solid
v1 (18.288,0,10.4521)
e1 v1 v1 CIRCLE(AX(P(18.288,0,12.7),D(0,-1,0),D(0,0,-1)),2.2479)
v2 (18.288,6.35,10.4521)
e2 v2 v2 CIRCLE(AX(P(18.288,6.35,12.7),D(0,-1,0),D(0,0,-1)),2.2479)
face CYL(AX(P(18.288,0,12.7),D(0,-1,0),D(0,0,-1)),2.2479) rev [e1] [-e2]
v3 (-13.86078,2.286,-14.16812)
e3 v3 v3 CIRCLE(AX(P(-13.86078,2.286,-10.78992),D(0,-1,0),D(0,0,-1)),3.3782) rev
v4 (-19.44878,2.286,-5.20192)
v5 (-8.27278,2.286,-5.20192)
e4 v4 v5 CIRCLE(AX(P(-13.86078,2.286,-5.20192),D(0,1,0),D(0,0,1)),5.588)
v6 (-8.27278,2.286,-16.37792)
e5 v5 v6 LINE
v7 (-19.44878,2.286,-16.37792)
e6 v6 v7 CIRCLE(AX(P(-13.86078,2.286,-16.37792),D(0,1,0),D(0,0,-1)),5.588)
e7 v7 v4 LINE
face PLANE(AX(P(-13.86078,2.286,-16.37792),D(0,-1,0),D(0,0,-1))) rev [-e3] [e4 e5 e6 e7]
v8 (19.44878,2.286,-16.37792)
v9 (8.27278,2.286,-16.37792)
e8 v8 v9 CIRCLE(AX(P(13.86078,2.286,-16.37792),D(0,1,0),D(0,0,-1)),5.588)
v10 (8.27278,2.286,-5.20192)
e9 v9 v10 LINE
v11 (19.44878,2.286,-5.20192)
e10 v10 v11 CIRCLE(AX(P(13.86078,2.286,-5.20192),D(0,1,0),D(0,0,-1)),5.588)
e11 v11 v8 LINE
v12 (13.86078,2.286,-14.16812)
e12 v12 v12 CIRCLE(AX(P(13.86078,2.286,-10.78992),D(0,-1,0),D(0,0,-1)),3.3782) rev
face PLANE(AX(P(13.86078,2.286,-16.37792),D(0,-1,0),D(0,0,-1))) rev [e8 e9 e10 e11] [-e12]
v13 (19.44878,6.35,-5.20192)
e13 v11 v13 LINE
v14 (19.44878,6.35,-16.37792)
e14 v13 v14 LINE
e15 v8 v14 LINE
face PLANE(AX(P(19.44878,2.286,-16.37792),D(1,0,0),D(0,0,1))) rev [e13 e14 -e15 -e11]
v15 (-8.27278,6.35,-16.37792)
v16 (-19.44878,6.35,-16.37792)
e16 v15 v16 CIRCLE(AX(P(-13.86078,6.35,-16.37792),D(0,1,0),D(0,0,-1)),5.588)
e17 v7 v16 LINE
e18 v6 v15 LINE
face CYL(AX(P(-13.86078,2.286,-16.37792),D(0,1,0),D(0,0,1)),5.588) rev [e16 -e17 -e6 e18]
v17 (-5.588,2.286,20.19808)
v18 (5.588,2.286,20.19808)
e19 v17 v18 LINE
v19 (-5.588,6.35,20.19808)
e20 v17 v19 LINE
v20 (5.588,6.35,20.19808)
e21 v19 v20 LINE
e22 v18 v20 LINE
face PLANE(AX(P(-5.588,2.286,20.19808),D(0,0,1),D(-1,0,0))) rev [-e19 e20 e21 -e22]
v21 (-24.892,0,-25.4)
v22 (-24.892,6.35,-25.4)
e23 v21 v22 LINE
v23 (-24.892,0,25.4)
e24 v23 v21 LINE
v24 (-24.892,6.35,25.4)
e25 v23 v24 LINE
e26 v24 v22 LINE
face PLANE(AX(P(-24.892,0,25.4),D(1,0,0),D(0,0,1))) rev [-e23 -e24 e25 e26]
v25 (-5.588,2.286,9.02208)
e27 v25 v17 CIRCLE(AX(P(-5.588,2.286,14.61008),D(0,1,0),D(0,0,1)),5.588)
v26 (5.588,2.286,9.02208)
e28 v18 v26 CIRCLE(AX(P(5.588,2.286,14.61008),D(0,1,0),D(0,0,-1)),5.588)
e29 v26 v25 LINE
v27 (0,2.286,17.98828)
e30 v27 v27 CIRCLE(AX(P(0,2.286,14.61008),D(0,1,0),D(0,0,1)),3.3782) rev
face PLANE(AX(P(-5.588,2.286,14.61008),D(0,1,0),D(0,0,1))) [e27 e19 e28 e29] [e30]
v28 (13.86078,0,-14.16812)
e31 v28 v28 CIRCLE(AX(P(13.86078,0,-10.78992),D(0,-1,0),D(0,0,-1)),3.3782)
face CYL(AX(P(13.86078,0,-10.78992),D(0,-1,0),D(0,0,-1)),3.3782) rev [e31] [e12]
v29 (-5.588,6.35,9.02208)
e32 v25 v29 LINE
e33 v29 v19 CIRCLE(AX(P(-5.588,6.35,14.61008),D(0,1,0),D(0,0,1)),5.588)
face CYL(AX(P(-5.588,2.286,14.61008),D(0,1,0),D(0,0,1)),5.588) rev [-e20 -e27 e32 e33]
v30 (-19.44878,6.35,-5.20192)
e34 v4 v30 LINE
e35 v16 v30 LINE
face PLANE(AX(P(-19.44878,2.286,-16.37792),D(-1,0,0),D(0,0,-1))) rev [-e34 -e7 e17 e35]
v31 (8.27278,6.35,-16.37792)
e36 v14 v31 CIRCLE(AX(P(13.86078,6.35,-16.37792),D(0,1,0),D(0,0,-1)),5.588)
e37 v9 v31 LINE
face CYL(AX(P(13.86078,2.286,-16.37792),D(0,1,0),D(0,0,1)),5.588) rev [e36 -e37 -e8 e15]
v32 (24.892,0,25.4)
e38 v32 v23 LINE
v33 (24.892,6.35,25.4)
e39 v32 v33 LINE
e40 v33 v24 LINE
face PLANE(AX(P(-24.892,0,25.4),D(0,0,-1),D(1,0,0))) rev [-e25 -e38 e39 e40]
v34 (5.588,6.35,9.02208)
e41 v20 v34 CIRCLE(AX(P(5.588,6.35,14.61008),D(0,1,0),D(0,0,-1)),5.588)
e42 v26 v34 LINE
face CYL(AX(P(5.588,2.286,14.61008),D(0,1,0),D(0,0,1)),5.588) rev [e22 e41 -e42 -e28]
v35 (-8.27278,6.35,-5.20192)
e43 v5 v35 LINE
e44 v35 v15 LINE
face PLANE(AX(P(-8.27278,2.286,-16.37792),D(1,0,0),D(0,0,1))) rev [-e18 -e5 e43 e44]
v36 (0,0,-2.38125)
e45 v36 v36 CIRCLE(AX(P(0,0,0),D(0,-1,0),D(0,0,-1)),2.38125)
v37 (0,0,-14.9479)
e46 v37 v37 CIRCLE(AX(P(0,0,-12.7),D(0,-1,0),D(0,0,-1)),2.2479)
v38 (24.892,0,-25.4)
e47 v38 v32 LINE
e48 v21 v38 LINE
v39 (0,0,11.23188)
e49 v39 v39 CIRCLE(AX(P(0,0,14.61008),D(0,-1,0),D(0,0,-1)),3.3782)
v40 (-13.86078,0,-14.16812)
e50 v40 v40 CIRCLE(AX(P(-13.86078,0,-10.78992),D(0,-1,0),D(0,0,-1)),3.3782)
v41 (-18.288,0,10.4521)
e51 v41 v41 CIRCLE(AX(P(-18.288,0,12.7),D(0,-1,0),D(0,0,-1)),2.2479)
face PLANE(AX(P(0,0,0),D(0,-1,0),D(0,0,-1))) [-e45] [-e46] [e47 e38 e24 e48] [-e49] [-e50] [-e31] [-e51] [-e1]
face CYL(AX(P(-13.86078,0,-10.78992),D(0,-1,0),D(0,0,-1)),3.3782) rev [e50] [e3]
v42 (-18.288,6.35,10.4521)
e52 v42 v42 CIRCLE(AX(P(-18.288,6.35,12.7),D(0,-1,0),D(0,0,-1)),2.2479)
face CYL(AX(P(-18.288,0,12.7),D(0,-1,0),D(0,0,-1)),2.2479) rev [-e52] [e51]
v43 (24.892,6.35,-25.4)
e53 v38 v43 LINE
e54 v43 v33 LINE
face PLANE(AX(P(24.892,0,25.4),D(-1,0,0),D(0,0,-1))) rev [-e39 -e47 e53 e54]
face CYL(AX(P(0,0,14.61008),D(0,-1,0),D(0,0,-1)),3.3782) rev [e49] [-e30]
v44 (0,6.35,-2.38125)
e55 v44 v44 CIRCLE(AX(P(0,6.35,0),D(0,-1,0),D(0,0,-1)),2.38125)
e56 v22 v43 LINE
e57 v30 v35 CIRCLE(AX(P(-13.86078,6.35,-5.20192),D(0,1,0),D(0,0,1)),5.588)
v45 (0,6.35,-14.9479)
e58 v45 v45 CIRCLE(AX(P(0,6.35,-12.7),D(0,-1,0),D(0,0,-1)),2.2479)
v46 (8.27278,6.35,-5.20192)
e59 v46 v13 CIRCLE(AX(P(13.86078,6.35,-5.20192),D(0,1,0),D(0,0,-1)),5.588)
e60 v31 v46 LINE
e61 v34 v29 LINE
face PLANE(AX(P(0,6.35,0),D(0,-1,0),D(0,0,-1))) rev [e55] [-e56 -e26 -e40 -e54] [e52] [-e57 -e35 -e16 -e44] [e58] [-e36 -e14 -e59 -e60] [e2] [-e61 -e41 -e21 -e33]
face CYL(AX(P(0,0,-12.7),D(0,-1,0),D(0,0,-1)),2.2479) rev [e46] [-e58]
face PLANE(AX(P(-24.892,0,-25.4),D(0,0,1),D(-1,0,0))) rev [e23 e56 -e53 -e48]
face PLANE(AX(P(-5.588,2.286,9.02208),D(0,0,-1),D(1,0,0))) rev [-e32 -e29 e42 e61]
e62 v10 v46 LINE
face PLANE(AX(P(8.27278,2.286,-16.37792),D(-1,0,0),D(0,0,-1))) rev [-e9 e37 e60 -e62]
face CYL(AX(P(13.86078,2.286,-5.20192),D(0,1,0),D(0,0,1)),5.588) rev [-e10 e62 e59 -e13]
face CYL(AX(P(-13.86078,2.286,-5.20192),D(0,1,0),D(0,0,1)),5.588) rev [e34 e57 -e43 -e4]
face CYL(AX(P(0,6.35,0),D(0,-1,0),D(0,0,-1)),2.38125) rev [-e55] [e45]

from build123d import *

# Parameters (mm, degrees)
SKETCH1_W               = 49.784
SKETCH1_H               = 50.8
BOSS_EXTRUDE1_DEPTH     = 6.35
F_8_CLEARANCE_HOLE1_D   = 4.4958
F_1_4_CLEARANCE_HOLE1_D = 6.7564
CUT_EXTRUDE1_DEPTH      = 4.064
SKETCH9_R               = 2.38125
CUT_EXTRUDE2_DEPTH      = 37.126087029
BODY_MOVE_COPY1_ANGLE   = 180


with BuildPart() as part:
    # Sketch1 → Boss-Extrude1 (new body)
    with BuildSketch(Plane(origin=(0, 0, 0), x_dir=(1, 0, 0), z_dir=(0, 1, 0))):
        Rectangle(SKETCH1_W, SKETCH1_H)
    extrude(amount=BOSS_EXTRUDE1_DEPTH)

    # #8 Clearance Hole1 (through all)
    with Locations(Plane(origin=(0, 6.35, 0), x_dir=(1, 0, 0), z_dir=(0, 1, 0))):
        with Locations((-18.288, 12.7), (18.288, 12.7), (0, -12.7)):
            Hole(F_8_CLEARANCE_HOLE1_D / 2)

    # 1/4 Clearance Hole1 (through all)
    with Locations(Plane(origin=(0, 6.35, 0), x_dir=(1, 0, 0), z_dir=(0, 1, 0))):
        with Locations((0, 14.61008), (-13.86078, -10.78992), (13.86078, -10.78992)):
            Hole(F_1_4_CLEARANCE_HOLE1_D / 2)

    # Sketch8 → Cut-Extrude1 (cut)
    with BuildSketch(Plane.XZ):
        with BuildLine():
            Line((-19.44878, 16.37792), (-19.44878, 5.20192))
            ThreePointArc((-19.44878, 5.20192), (-13.86078, -0.38608), (-8.27278, 5.20192))
            Line((-8.27278, 5.20192), (-8.27278, 16.37792))
            ThreePointArc((-8.27278, 16.37792), (-13.86078, 21.96592), (-19.44878, 16.37792))
        make_face()
        with BuildLine():
            Line((8.27278, 16.37792), (8.27278, 5.20192))
            ThreePointArc((8.27278, 5.20192), (13.86078, -0.38608), (19.44878, 5.20192))
            Line((19.44878, 5.20192), (19.44878, 16.37792))
            ThreePointArc((19.44878, 16.37792), (13.86078, 21.96592), (8.27278, 16.37792))
        make_face()
        with BuildLine():
            Line((-5.588, -9.02208), (5.588, -9.02208))
            ThreePointArc((5.588, -9.02208), (11.176, -14.61008), (5.588, -20.19808))
            Line((5.588, -20.19808), (-5.588, -20.19808))
            ThreePointArc((-5.588, -20.19808), (-11.176, -14.61008), (-5.588, -9.02208))
        make_face()
    extrude(amount=-CUT_EXTRUDE1_DEPTH, mode=Mode.SUBTRACT)

    # Sketch9 → Cut-Extrude2 (cut, through all)
    with BuildSketch(Plane(origin=(0, 6.35, 0), x_dir=(1, 0, 0), z_dir=(0, 1, 0))):
        with Locations(Location((0, 0, 0), (0, 0, 270))):
            Circle(SKETCH9_R)
    extrude(amount=-CUT_EXTRUDE2_DEPTH, mode=Mode.SUBTRACT)


with BuildPart() as part_1:
    # Body-Move/Copy1: moved
    add(part.part.rotate(Axis((0, 3.175, 0), (1, 0, 0)), BODY_MOVE_COPY1_ANGLE))


solid = part_1.part
